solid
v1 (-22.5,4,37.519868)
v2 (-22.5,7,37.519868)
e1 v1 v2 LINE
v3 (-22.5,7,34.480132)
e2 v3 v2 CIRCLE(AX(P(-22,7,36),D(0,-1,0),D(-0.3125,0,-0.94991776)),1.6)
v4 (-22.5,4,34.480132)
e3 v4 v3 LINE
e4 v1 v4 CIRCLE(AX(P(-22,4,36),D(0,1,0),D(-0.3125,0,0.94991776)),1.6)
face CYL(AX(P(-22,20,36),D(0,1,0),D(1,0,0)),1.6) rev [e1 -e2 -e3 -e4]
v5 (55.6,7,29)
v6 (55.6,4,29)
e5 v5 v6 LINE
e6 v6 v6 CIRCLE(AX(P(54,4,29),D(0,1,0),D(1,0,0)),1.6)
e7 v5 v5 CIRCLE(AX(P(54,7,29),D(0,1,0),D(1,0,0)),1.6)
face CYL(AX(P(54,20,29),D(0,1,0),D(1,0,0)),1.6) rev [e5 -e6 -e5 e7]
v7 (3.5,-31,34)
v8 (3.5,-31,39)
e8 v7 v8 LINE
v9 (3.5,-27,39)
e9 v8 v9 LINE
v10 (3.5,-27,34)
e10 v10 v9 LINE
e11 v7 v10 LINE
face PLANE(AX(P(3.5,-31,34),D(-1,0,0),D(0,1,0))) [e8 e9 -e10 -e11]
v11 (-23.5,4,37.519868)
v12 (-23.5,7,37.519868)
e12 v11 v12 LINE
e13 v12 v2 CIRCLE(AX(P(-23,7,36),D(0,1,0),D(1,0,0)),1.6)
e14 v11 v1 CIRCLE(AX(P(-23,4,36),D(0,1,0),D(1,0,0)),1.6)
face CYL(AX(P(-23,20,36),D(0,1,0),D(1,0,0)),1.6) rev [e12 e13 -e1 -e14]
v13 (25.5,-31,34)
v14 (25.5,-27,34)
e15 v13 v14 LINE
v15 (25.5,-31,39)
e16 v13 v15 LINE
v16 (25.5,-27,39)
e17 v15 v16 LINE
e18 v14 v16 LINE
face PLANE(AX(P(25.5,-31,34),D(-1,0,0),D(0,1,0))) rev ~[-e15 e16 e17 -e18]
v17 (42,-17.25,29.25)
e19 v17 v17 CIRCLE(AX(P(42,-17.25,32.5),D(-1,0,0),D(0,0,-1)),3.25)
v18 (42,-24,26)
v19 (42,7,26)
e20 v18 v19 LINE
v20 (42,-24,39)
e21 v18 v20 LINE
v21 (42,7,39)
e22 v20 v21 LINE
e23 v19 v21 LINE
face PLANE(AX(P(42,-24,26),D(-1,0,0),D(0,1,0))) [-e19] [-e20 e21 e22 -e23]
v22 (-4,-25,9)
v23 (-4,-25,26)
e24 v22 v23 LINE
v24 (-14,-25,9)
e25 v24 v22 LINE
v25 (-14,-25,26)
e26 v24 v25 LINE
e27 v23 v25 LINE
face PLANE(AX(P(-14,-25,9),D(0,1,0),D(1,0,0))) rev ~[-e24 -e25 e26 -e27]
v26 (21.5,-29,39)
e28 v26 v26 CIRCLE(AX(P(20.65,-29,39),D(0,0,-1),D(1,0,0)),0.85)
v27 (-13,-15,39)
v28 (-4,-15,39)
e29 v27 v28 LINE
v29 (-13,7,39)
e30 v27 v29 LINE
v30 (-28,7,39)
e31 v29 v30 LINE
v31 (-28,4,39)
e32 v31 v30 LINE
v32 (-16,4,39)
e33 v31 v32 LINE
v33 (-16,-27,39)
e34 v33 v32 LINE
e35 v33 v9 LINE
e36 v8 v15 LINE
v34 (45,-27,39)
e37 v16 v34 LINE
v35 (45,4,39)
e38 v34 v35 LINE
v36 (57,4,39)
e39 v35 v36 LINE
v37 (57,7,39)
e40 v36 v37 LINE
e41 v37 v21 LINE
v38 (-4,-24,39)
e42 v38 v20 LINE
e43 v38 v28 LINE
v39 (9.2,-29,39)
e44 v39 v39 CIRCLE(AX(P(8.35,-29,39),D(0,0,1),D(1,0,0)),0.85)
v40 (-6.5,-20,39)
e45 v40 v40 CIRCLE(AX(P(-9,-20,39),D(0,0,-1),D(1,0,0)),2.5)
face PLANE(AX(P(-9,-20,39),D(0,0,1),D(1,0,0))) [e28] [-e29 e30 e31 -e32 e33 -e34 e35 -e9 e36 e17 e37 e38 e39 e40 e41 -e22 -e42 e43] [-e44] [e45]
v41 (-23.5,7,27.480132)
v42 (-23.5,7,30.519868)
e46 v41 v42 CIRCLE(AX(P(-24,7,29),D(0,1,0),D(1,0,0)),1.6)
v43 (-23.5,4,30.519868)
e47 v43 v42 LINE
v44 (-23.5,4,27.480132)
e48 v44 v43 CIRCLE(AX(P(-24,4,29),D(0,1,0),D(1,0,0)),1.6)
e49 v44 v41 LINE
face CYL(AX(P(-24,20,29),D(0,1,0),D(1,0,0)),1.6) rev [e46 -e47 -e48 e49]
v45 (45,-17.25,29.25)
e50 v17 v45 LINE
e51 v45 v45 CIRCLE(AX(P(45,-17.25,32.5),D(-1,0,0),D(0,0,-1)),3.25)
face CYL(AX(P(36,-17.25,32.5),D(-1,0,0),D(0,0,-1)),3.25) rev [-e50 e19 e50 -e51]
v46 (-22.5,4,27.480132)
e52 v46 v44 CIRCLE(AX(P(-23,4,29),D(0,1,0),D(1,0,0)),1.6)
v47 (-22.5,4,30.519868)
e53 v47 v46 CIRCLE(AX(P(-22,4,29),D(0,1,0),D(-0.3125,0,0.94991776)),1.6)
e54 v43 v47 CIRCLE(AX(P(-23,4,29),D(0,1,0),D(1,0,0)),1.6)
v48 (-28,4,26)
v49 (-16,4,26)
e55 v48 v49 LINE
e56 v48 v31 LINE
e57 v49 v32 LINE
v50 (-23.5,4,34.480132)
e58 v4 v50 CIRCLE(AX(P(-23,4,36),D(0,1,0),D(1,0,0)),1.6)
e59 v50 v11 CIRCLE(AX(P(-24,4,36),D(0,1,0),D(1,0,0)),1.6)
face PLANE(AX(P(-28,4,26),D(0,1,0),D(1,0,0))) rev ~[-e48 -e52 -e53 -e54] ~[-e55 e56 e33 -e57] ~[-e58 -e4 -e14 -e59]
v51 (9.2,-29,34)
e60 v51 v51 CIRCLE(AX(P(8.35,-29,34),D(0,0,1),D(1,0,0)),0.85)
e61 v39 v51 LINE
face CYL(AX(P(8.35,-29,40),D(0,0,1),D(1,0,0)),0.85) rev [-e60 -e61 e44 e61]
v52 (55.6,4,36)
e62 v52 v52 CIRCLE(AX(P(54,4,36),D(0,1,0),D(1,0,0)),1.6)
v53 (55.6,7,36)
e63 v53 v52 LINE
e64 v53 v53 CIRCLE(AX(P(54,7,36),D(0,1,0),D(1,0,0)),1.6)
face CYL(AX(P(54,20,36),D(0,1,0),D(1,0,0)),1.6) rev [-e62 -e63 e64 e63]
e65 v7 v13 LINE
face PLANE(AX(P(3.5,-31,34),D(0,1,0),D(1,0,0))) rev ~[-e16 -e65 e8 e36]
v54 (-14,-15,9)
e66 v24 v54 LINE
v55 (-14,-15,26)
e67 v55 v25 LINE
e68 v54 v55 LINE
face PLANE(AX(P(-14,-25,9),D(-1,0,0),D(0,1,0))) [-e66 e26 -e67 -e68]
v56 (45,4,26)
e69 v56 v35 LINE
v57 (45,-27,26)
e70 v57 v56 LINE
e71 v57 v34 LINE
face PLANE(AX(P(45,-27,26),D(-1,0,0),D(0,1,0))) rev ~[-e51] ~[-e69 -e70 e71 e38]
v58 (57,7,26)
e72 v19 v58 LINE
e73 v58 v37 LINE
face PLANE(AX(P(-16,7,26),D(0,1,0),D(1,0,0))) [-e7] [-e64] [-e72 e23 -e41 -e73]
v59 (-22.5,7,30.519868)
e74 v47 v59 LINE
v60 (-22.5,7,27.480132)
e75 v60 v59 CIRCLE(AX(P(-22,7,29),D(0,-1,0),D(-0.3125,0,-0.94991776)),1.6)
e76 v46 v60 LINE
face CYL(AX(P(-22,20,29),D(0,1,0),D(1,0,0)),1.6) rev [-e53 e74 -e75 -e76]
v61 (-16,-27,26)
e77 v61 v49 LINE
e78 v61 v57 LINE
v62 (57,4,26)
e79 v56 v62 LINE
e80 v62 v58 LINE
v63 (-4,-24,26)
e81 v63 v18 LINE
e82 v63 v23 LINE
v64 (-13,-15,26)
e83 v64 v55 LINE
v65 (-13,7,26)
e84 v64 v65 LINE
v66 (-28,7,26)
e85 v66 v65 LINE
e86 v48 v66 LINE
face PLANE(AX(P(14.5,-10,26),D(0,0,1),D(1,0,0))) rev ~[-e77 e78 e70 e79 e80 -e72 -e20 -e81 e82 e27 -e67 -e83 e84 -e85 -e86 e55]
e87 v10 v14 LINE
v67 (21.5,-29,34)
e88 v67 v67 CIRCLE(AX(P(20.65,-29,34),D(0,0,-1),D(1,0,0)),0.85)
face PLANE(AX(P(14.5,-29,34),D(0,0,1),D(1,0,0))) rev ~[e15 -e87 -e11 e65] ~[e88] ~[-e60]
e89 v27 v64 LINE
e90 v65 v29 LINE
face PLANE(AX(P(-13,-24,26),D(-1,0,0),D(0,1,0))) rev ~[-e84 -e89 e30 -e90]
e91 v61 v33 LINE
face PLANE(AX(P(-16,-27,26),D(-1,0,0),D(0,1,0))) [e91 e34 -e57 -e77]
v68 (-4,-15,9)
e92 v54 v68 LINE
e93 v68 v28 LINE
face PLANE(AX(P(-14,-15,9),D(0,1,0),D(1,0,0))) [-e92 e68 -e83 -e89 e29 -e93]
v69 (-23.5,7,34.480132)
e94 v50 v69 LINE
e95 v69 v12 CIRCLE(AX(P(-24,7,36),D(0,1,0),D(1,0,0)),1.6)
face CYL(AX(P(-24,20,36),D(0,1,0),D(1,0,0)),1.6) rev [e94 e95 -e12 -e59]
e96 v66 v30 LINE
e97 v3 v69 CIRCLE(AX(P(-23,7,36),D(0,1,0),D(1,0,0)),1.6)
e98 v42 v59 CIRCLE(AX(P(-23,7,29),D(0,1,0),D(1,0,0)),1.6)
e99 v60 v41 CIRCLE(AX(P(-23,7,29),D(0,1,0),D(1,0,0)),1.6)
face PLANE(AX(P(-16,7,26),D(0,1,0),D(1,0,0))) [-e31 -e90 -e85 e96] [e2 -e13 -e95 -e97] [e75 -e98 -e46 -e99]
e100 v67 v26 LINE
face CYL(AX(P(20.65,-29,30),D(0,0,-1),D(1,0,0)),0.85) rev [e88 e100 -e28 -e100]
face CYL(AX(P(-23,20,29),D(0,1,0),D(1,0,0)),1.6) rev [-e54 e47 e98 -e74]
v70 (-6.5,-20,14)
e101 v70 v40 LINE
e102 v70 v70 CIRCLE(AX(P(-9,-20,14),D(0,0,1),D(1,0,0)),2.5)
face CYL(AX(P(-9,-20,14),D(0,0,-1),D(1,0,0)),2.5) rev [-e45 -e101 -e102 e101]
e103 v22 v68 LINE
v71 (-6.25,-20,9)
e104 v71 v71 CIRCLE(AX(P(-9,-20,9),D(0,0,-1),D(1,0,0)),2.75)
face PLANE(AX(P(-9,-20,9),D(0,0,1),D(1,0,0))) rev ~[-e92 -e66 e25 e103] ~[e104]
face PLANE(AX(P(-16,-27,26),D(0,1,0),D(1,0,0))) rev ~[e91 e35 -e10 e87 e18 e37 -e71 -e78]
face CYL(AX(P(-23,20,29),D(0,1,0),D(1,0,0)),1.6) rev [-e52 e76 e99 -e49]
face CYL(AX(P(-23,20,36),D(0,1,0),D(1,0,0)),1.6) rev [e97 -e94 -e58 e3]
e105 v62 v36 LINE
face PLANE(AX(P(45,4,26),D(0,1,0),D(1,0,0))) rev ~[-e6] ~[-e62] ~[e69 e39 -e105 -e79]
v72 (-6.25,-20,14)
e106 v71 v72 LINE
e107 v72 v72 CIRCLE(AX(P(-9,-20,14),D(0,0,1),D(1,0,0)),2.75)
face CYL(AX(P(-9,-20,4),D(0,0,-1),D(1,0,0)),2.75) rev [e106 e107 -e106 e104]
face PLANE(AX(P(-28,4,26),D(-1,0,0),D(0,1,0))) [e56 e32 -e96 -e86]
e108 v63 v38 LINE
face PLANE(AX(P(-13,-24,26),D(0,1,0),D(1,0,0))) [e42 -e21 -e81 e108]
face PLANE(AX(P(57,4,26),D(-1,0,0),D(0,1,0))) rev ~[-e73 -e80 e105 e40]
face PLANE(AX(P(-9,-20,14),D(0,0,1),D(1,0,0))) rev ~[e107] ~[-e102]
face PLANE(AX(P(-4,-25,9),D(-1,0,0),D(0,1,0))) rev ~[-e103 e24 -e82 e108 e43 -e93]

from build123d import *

# Parameters (mm, degrees)
CYLINDER076_R           = 2.5
CYLINDER076_DEPTH       = 27
CYLINDER075_R           = 2.75
CYLINDER075_DEPTH       = 10
BOX033_W                = 10
BOX033_H                = 10
BOX033_DEPTH            = 30
CYLINDER051_R           = 1.6
CYLINDER051_DEPTH       = 28
CYLINDER051_ROLL_ANGLE  = 90
CYLINDER050_R           = 1.6
CYLINDER050_DEPTH       = 28
CYLINDER050_ROLL_ANGLE  = 90
CYLINDER049_R           = 1.6
CYLINDER049_DEPTH       = 28
CYLINDER049_ROLL_ANGLE  = 90
CYLINDER048_R           = 1.6
CYLINDER048_DEPTH       = 28
CYLINDER048_ROLL_ANGLE  = 90
CYLINDER044_R           = 1.6
CYLINDER044_DEPTH       = 28
CYLINDER044_ROLL_ANGLE  = 90
CYLINDER043_R           = 1.6
CYLINDER043_DEPTH       = 28
CYLINDER043_ROLL_ANGLE  = 90
CYLINDER042_R           = 1.6
CYLINDER042_DEPTH       = 28
CYLINDER042_ROLL_ANGLE  = 90
CYLINDER041_R           = 1.6
CYLINDER041_DEPTH       = 28
CYLINDER041_ROLL_ANGLE  = 90
CYLINDER047_R           = 0.85
CYLINDER047_DEPTH       = 10
CYLINDER046_R           = 0.85
CYLINDER046_DEPTH       = 10
BOX025_W                = 22
BOX025_H                = 4
BOX025_DEPTH            = 5
CYLINDER045_R           = 3.25
CYLINDER045_DEPTH       = 10
CYLINDER045_PITCH_ANGLE = 90
BOX024_W                = 55
BOX024_H                = 31
BOX024_DEPTH            = 13
BOX021_W                = 61
BOX021_H                = 34
BOX021_DEPTH            = 13
BOX023_W                = 12
BOX023_H                = 3
BOX023_DEPTH            = 13
BOX022_W                = 12
BOX022_H                = 3
BOX022_DEPTH            = 13


with BuildPart() as cylinder128:
    # Cylinder076 → Cylinder076 (new body)
    with BuildSketch(Plane(origin=(-9, -20, 14), x_dir=(1, 0, 0), z_dir=(0, 0, 1))):
        Circle(CYLINDER076_R)
    extrude(amount=CYLINDER076_DEPTH)


with BuildPart() as phototransistor_hole:
    # Cylinder075 → Cylinder075 (new body)
    with BuildSketch(Plane(origin=(-9, -20, 4), x_dir=(1, 0, 0), z_dir=(0, 0, 1))):
        Circle(CYLINDER075_R)
    extrude(amount=CYLINDER075_DEPTH)

    # Fusion103: union Cylinder128
    add(cylinder128.part)


with BuildPart() as cut045021:
    # Box033 → Box033 (new body)
    with BuildSketch(Plane(origin=(-14, -25, 9), x_dir=(1, 0, 0), z_dir=(0, 0, 1))):
        with Locations((5, 5)):
            Rectangle(BOX033_W, BOX033_H)
    extrude(amount=BOX033_DEPTH)

    # Cut045021: cut phototransistor hole
    add(phototransistor_hole.part, mode=Mode.SUBTRACT)


with BuildPart() as cylinder103:
    # Cylinder051 → Cylinder051 (new body)
    with BuildSketch(Plane.XY):
        Circle(CYLINDER051_R)
    extrude(amount=CYLINDER051_DEPTH)


with BuildPart() as cylinder103_1:
    # Cylinder051 roll: moved
    add(cylinder103.part.rotate(Axis((0, 0, 0), (1, 0, 0)), CYLINDER051_ROLL_ANGLE))


with BuildPart() as cylinder103_2:
    # Cylinder051 placement: moved
    add(cylinder103_1.part.moved(Location((-23, 20, 36))))


with BuildPart() as fusion085:
    # Cylinder050 → Cylinder050 (new body)
    with BuildSketch(Plane.XY):
        Circle(CYLINDER050_R)
    extrude(amount=CYLINDER050_DEPTH)


with BuildPart() as fusion085_1:
    # Cylinder050 roll: moved
    add(fusion085.part.rotate(Axis((0, 0, 0), (1, 0, 0)), CYLINDER050_ROLL_ANGLE))


with BuildPart() as fusion085_2:
    # Cylinder050 placement: moved
    add(fusion085_1.part.moved(Location((-23, 20, 29))))

    # Fusion085: union Cylinder103
    add(cylinder103_2.part)


with BuildPart() as fusion085_3:
    # Fusion085 placement: moved
    add(fusion085_2.part.moved(Location((-1, 0, 0))))


with BuildPart() as cylinder101:
    # Cylinder049 → Cylinder049 (new body)
    with BuildSketch(Plane.XY):
        Circle(CYLINDER049_R)
    extrude(amount=CYLINDER049_DEPTH)


with BuildPart() as cylinder101_1:
    # Cylinder049 roll: moved
    add(cylinder101.part.rotate(Axis((0, 0, 0), (1, 0, 0)), CYLINDER049_ROLL_ANGLE))


with BuildPart() as cylinder101_2:
    # Cylinder049 placement: moved
    add(cylinder101_1.part.moved(Location((-23, 20, 36))))


with BuildPart() as fusion084:
    # Cylinder048 → Cylinder048 (new body)
    with BuildSketch(Plane.XY):
        Circle(CYLINDER048_R)
    extrude(amount=CYLINDER048_DEPTH)


with BuildPart() as fusion084_1:
    # Cylinder048 roll: moved
    add(fusion084.part.rotate(Axis((0, 0, 0), (1, 0, 0)), CYLINDER048_ROLL_ANGLE))


with BuildPart() as fusion084_2:
    # Cylinder048 placement: moved
    add(fusion084_1.part.moved(Location((-23, 20, 29))))

    # Fusion084: union Cylinder101
    add(cylinder101_2.part)


with BuildPart() as fusion084_3:
    # Fusion084 placement: moved
    add(fusion084_2.part.moved(Location((1, 0, 0))))


with BuildPart() as cylinder096:
    # Cylinder044 → Cylinder044 (new body)
    with BuildSketch(Plane.XY):
        Circle(CYLINDER044_R)
    extrude(amount=CYLINDER044_DEPTH)


with BuildPart() as cylinder096_1:
    # Cylinder044 roll: moved
    add(cylinder096.part.rotate(Axis((0, 0, 0), (1, 0, 0)), CYLINDER044_ROLL_ANGLE))


with BuildPart() as cylinder096_2:
    # Cylinder044 placement: moved
    add(cylinder096_1.part.moved(Location((-23, 20, 36))))


with BuildPart() as fusion080:
    # Cylinder043 → Cylinder043 (new body)
    with BuildSketch(Plane.XY):
        Circle(CYLINDER043_R)
    extrude(amount=CYLINDER043_DEPTH)


with BuildPart() as fusion080_1:
    # Cylinder043 roll: moved
    add(fusion080.part.rotate(Axis((0, 0, 0), (1, 0, 0)), CYLINDER043_ROLL_ANGLE))


with BuildPart() as fusion080_2:
    # Cylinder043 placement: moved
    add(fusion080_1.part.moved(Location((-23, 20, 29))))

    # Fusion080: union Cylinder096
    add(cylinder096_2.part)


with BuildPart() as cylinder094:
    # Cylinder042 → Cylinder042 (new body)
    with BuildSketch(Plane.XY):
        Circle(CYLINDER042_R)
    extrude(amount=CYLINDER042_DEPTH)


with BuildPart() as cylinder094_1:
    # Cylinder042 roll: moved
    add(cylinder094.part.rotate(Axis((0, 0, 0), (1, 0, 0)), CYLINDER042_ROLL_ANGLE))


with BuildPart() as cylinder094_2:
    # Cylinder042 placement: moved
    add(cylinder094_1.part.moved(Location((54, 20, 36))))


with BuildPart() as fusion081:
    # Cylinder041 → Cylinder041 (new body)
    with BuildSketch(Plane.XY):
        Circle(CYLINDER041_R)
    extrude(amount=CYLINDER041_DEPTH)


with BuildPart() as fusion081_1:
    # Cylinder041 roll: moved
    add(fusion081.part.rotate(Axis((0, 0, 0), (1, 0, 0)), CYLINDER041_ROLL_ANGLE))


with BuildPart() as fusion081_2:
    # Cylinder041 placement: moved
    add(fusion081_1.part.moved(Location((54, 20, 29))))

    # Fusion081: union Cylinder094
    add(cylinder094_2.part)


with BuildPart() as cylinder099:
    # Cylinder047 → Cylinder047 (new body)
    with BuildSketch(Plane(origin=(8.35, -29, 40), x_dir=(1, 0, 0), z_dir=(0, 0, -1))):
        Circle(CYLINDER047_R)
    extrude(amount=CYLINDER047_DEPTH)


with BuildPart() as fusion078:
    # Cylinder046 → Cylinder046 (new body)
    with BuildSketch(Plane(origin=(20.65, -29, 30), x_dir=(1, 0, 0), z_dir=(0, 0, 1))):
        Circle(CYLINDER046_R)
    extrude(amount=CYLINDER046_DEPTH)

    # Fusion078: union Cylinder099
    add(cylinder099.part)


with BuildPart() as cut039:
    # Box025 → Box025 (new body)
    with BuildSketch(Plane(origin=(3.5, -31, 34), x_dir=(1, 0, 0), z_dir=(0, 0, 1))):
        with Locations((11, 2)):
            Rectangle(BOX025_W, BOX025_H)
    extrude(amount=BOX025_DEPTH)

    # Cut039: cut Fusion078
    add(fusion078.part, mode=Mode.SUBTRACT)


with BuildPart() as cylinder097:
    # Cylinder045 → Cylinder045 (new body)
    with BuildSketch(Plane.XY):
        Circle(CYLINDER045_R)
    extrude(amount=CYLINDER045_DEPTH)


with BuildPart() as cylinder097_1:
    # Cylinder045 pitch: moved
    add(cylinder097.part.rotate(Axis((0, 0, 0), (0, 1, 0)), CYLINDER045_PITCH_ANGLE))


with BuildPart() as cylinder097_2:
    # Cylinder045 placement: moved
    add(cylinder097_1.part.moved(Location((36, -17.25, 32.5))))


with BuildPart() as cube023:
    # Box024 → Box024 (new body)
    with BuildSketch(Plane(origin=(-13, -24, 26), x_dir=(1, 0, 0), z_dir=(0, 0, 1))):
        with Locations((27.5, 15.5)):
            Rectangle(BOX024_W, BOX024_H)
    extrude(amount=BOX024_DEPTH)


with BuildPart() as fusion079:
    # Box021 → Box021 (new body)
    with BuildSketch(Plane(origin=(-16, -27, 26), x_dir=(1, 0, 0), z_dir=(0, 0, 1))):
        with Locations((30.5, 17)):
            Rectangle(BOX021_W, BOX021_H)
    extrude(amount=BOX021_DEPTH)

    # Cut037: cut Cube023
    add(cube023.part, mode=Mode.SUBTRACT)

    # Cut038: cut Cylinder097
    add(cylinder097_2.part, mode=Mode.SUBTRACT)

    # Fusion079: union Cut039
    add(cut039.part)


with BuildPart() as fusion082:
    # Box023 → Box023 (new body)
    with BuildSketch(Plane(origin=(-28, 4, 26), x_dir=(1, 0, 0), z_dir=(0, 0, 1))):
        with Locations((6, 1.5)):
            Rectangle(BOX023_W, BOX023_H)
    extrude(amount=BOX023_DEPTH)

    # Fusion082: union Fusion079
    add(fusion079.part)


with BuildPart() as switch_mount_with_phototransistor_hole:
    # Box022 → Box022 (new body)
    with BuildSketch(Plane(origin=(45, 4, 26), x_dir=(1, 0, 0), z_dir=(0, 0, 1))):
        with Locations((6, 1.5)):
            Rectangle(BOX022_W, BOX022_H)
    extrude(amount=BOX022_DEPTH)

    # Fusion083: union Fusion082
    add(fusion082.part)

    # Cut040: cut Fusion081
    add(fusion081_2.part, mode=Mode.SUBTRACT)

    # Cut041: cut Fusion080
    add(fusion080_2.part, mode=Mode.SUBTRACT)

    # Cut042: cut Fusion084
    add(fusion084_3.part, mode=Mode.SUBTRACT)

    # Cut043: cut Fusion085
    add(fusion085_3.part, mode=Mode.SUBTRACT)

    # Fusion104: union Cut045021
    add(cut045021.part)


solid = switch_mount_with_phototransistor_hole.part
